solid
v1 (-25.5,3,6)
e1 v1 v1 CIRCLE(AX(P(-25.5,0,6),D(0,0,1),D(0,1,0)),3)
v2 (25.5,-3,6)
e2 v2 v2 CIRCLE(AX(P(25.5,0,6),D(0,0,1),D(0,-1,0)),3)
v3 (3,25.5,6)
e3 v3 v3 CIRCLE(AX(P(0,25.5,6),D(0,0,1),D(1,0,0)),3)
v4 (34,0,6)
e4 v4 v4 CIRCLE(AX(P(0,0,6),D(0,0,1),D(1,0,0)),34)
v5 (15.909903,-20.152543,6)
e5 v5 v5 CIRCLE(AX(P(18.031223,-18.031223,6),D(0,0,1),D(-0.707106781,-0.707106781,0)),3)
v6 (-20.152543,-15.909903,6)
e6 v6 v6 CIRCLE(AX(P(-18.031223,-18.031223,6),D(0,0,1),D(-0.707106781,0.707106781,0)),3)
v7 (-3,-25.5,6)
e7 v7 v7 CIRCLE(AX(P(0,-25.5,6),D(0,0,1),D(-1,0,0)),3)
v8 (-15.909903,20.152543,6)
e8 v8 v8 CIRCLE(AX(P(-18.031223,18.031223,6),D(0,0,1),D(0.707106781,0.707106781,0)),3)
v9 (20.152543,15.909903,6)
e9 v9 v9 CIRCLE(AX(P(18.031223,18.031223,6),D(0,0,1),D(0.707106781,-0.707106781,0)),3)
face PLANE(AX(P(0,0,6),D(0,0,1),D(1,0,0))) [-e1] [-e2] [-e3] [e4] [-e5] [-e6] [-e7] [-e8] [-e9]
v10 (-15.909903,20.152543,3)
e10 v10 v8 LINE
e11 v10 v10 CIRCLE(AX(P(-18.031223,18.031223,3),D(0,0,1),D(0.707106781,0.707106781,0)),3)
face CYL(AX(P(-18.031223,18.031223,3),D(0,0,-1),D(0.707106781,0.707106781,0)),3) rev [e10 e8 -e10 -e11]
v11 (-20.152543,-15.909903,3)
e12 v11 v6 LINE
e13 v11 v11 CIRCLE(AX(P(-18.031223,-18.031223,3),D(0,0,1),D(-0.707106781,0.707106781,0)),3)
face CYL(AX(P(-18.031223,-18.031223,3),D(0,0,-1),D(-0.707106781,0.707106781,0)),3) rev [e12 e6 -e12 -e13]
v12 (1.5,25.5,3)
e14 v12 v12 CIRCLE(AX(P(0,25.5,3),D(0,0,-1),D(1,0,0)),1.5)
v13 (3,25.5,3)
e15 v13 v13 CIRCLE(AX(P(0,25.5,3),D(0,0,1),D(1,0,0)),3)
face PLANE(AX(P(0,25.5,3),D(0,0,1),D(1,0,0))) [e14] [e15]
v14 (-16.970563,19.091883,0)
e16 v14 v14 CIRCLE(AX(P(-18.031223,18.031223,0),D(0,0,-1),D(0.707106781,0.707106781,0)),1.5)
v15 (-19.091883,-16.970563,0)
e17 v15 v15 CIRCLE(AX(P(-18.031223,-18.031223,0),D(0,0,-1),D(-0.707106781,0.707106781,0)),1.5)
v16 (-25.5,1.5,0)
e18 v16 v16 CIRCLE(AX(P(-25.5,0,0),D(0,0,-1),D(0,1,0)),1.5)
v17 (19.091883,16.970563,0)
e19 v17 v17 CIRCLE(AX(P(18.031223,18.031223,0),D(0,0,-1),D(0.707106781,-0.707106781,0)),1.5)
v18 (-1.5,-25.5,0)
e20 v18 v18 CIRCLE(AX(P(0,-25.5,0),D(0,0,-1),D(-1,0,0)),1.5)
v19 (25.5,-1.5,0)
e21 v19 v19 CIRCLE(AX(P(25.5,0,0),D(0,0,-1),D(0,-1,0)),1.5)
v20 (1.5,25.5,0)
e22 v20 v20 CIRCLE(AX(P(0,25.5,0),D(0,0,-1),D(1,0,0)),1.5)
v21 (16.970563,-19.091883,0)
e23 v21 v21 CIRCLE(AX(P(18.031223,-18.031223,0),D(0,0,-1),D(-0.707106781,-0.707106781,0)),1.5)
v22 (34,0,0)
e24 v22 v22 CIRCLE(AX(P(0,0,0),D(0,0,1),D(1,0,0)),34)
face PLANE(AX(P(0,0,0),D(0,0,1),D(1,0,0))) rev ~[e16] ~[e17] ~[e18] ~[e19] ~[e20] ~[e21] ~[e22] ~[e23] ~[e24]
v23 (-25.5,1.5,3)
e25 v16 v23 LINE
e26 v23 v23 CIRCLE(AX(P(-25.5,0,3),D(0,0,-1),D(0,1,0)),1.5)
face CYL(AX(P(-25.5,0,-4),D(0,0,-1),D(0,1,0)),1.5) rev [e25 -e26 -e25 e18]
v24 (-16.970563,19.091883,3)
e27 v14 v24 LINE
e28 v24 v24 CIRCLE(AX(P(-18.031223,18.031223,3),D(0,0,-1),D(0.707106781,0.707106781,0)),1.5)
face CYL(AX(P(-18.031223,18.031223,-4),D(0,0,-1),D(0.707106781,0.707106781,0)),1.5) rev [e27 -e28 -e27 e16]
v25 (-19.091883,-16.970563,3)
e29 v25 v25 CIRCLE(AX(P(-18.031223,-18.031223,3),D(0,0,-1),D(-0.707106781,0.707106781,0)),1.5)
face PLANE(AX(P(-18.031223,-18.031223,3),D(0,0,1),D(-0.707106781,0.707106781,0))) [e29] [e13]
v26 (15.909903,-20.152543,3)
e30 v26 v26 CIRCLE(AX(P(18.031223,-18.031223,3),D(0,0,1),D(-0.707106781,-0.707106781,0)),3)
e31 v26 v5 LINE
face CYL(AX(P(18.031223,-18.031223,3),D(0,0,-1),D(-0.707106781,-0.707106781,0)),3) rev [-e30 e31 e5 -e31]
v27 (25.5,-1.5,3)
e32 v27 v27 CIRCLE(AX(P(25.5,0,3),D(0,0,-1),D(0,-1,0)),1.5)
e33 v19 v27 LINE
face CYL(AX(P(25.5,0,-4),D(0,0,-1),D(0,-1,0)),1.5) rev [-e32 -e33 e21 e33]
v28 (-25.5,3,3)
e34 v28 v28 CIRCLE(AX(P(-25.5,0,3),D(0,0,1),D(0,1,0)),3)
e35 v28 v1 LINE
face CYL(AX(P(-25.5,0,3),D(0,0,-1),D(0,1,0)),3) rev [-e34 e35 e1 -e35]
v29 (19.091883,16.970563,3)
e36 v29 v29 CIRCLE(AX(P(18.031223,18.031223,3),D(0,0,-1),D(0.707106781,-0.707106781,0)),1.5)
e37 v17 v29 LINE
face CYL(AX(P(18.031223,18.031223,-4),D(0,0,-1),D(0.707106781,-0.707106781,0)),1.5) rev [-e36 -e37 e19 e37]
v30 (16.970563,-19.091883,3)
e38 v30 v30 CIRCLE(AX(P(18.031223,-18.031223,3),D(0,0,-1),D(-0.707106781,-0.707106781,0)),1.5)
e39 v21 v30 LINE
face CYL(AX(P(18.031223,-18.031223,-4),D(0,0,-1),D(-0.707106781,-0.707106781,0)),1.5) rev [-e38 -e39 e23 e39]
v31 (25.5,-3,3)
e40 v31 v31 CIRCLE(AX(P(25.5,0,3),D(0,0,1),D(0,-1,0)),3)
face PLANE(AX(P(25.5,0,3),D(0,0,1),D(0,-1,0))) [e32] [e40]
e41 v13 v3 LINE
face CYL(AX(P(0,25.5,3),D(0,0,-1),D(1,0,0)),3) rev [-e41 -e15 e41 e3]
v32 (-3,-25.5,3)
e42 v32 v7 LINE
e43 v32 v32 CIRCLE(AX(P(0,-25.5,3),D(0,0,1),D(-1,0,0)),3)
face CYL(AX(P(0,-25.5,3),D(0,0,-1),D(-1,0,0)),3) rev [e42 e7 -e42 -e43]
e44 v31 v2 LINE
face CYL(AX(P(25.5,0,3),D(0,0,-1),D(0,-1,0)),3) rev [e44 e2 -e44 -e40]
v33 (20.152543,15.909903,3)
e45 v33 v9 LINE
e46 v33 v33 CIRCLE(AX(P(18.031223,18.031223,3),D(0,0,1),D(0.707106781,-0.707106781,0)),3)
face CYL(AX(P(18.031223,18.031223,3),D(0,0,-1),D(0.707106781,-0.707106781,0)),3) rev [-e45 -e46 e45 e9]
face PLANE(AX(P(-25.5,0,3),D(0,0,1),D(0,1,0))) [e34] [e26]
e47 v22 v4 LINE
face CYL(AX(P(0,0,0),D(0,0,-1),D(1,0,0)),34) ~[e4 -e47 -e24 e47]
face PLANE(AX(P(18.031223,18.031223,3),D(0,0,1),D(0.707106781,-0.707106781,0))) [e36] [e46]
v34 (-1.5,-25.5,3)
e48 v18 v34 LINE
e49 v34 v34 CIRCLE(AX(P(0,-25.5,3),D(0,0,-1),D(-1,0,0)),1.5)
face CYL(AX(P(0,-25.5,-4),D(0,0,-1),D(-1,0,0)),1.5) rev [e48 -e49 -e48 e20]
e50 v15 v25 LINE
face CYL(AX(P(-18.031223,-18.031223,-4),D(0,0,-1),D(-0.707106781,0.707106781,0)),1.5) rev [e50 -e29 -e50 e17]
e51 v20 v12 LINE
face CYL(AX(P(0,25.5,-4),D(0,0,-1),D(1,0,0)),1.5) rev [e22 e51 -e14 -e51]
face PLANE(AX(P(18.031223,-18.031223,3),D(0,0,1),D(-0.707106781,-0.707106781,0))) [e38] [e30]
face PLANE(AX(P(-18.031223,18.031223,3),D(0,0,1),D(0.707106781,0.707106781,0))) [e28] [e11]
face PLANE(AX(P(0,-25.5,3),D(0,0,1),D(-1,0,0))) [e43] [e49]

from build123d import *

# Parameters (mm, degrees)
CYLINDER796_R                = 1.5
CYLINDER796_DEPTH            = 20
CYLINDER796_PLACEMENT_ANGLE  = 45
CYLINDER797_R                = 1.5
CYLINDER797_DEPTH            = 20
CYLINDER798_R                = 1.5
CYLINDER798_DEPTH            = 20
CYLINDER798_PLACEMENT_ANGLE  = 135
CYLINDER799_R                = 1.5
CYLINDER799_DEPTH            = 20
CYLINDER800_R                = 1.5
CYLINDER800_DEPTH            = 20
CYLINDER800_PLACEMENT_ANGLE  = 225
CYLINDER801_R                = 1.5
CYLINDER801_DEPTH            = 20
CYLINDER802_R                = 1.5
CYLINDER802_DEPTH            = 20
CYLINDER802_PLACEMENT_ANGLE  = 45
CYLINDER794_R                = 1.5
CYLINDER794_DEPTH            = 20
CYLINDER803_R                = 3
CYLINDER803_DEPTH            = 3
CYLINDER803_PLACEMENT_ANGLE  = 45
CYLINDER1815_R               = 3
CYLINDER1815_DEPTH           = 3
CYLINDER1814_R               = 3
CYLINDER1814_DEPTH           = 3
CYLINDER1814_PLACEMENT_ANGLE = 135
CYLINDER1806_R               = 3
CYLINDER1806_DEPTH           = 3
CYLINDER1810_R               = 3
CYLINDER1810_DEPTH           = 3
CYLINDER1810_PLACEMENT_ANGLE = 225
CYLINDER1807_R               = 3
CYLINDER1807_DEPTH           = 3
CYLINDER1808_R               = 3
CYLINDER1808_DEPTH           = 3
CYLINDER1808_PLACEMENT_ANGLE = 45
CYLINDER795_R                = 3
CYLINDER795_DEPTH            = 3
CYLINDER257_R                = 34
CYLINDER257_DEPTH            = 6


with BuildPart() as v_lec796:
    # Cylinder796 → Cylinder796 (new body)
    with BuildSketch(Plane.XY):
        Circle(CYLINDER796_R)
    extrude(amount=CYLINDER796_DEPTH)


with BuildPart() as v_lec796_1:
    # Cylinder796 placement: moved
    add(v_lec796.part.moved(Location((-18.031223, 18.031223, -4))).rotate(Axis((-18.031223, 18.031223, -4), (0, 0, 1)), CYLINDER796_PLACEMENT_ANGLE))


with BuildPart() as v_lec797:
    # Cylinder797 → Cylinder797 (new body)
    with BuildSketch(Plane(origin=(-25.5, 0, -4), x_dir=(0, 1, 0), z_dir=(0, 0, 1))):
        Circle(CYLINDER797_R)
    extrude(amount=CYLINDER797_DEPTH)


with BuildPart() as v_lec798:
    # Cylinder798 → Cylinder798 (new body)
    with BuildSketch(Plane.XY):
        Circle(CYLINDER798_R)
    extrude(amount=CYLINDER798_DEPTH)


with BuildPart() as v_lec798_1:
    # Cylinder798 placement: moved
    add(v_lec798.part.moved(Location((-18.031223, -18.031223, -4))).rotate(Axis((-18.031223, -18.031223, -4), (0, 0, 1)), CYLINDER798_PLACEMENT_ANGLE))


with BuildPart() as v_lec799:
    # Cylinder799 → Cylinder799 (new body)
    with BuildSketch(Plane(origin=(0, -25.5, -4), x_dir=(-1, 0, 0), z_dir=(0, 0, 1))):
        Circle(CYLINDER799_R)
    extrude(amount=CYLINDER799_DEPTH)


with BuildPart() as v_lec800:
    # Cylinder800 → Cylinder800 (new body)
    with BuildSketch(Plane.XY):
        Circle(CYLINDER800_R)
    extrude(amount=CYLINDER800_DEPTH)


with BuildPart() as v_lec800_1:
    # Cylinder800 placement: moved
    add(v_lec800.part.moved(Location((18.031223, -18.031223, -4))).rotate(Axis((18.031223, -18.031223, -4), (0, 0, 1)), CYLINDER800_PLACEMENT_ANGLE))


with BuildPart() as v_lec801:
    # Cylinder801 → Cylinder801 (new body)
    with BuildSketch(Plane(origin=(25.5, 0, -4), x_dir=(0, -1, 0), z_dir=(0, 0, 1))):
        Circle(CYLINDER801_R)
    extrude(amount=CYLINDER801_DEPTH)


with BuildPart() as v_lec802:
    # Cylinder802 → Cylinder802 (new body)
    with BuildSketch(Plane.XY):
        Circle(CYLINDER802_R)
    extrude(amount=CYLINDER802_DEPTH)


with BuildPart() as v_lec802_1:
    # Cylinder802 placement: moved
    add(v_lec802.part.moved(Location((18.031223, 18.031223, -4))).rotate(Axis((18.031223, 18.031223, -4), (0, 0, -1)), CYLINDER802_PLACEMENT_ANGLE))


with BuildPart() as compound003:
    # Cylinder794 → Cylinder794 (new body)
    with BuildSketch(Plane(origin=(0, 25.5, -4), x_dir=(1, 0, 0), z_dir=(0, 0, 1))):
        Circle(CYLINDER794_R)
    extrude(amount=CYLINDER794_DEPTH)

    # Compound003: union Válec796, Válec797, Válec798, Válec799, Válec800, Válec801, Válec802
    add(v_lec796_1.part)
    add(v_lec797.part)
    add(v_lec798_1.part)
    add(v_lec799.part)
    add(v_lec800_1.part)
    add(v_lec801.part)
    add(v_lec802_1.part)


with BuildPart() as v_lec803:
    # Cylinder803 → Cylinder803 (new body)
    with BuildSketch(Plane.XY):
        Circle(CYLINDER803_R)
    extrude(amount=CYLINDER803_DEPTH)


with BuildPart() as v_lec803_1:
    # Cylinder803 placement: moved
    add(v_lec803.part.moved(Location((-18.031223, 18.031223, 3))).rotate(Axis((-18.031223, 18.031223, 3), (0, 0, 1)), CYLINDER803_PLACEMENT_ANGLE))


with BuildPart() as v_lec1815:
    # Cylinder1815 → Cylinder1815 (new body)
    with BuildSketch(Plane(origin=(-25.5, 0, 3), x_dir=(0, 1, 0), z_dir=(0, 0, 1))):
        Circle(CYLINDER1815_R)
    extrude(amount=CYLINDER1815_DEPTH)


with BuildPart() as v_lec1814:
    # Cylinder1814 → Cylinder1814 (new body)
    with BuildSketch(Plane.XY):
        Circle(CYLINDER1814_R)
    extrude(amount=CYLINDER1814_DEPTH)


with BuildPart() as v_lec1814_1:
    # Cylinder1814 placement: moved
    add(v_lec1814.part.moved(Location((-18.031223, -18.031223, 3))).rotate(Axis((-18.031223, -18.031223, 3), (0, 0, 1)), CYLINDER1814_PLACEMENT_ANGLE))


with BuildPart() as v_lec1806:
    # Cylinder1806 → Cylinder1806 (new body)
    with BuildSketch(Plane(origin=(0, -25.5, 3), x_dir=(-1, 0, 0), z_dir=(0, 0, 1))):
        Circle(CYLINDER1806_R)
    extrude(amount=CYLINDER1806_DEPTH)


with BuildPart() as v_lec1810:
    # Cylinder1810 → Cylinder1810 (new body)
    with BuildSketch(Plane.XY):
        Circle(CYLINDER1810_R)
    extrude(amount=CYLINDER1810_DEPTH)


with BuildPart() as v_lec1810_1:
    # Cylinder1810 placement: moved
    add(v_lec1810.part.moved(Location((18.031223, -18.031223, 3))).rotate(Axis((18.031223, -18.031223, 3), (0, 0, 1)), CYLINDER1810_PLACEMENT_ANGLE))


with BuildPart() as v_lec1807:
    # Cylinder1807 → Cylinder1807 (new body)
    with BuildSketch(Plane(origin=(25.5, 0, 3), x_dir=(0, -1, 0), z_dir=(0, 0, 1))):
        Circle(CYLINDER1807_R)
    extrude(amount=CYLINDER1807_DEPTH)


with BuildPart() as v_lec1808:
    # Cylinder1808 → Cylinder1808 (new body)
    with BuildSketch(Plane.XY):
        Circle(CYLINDER1808_R)
    extrude(amount=CYLINDER1808_DEPTH)


with BuildPart() as v_lec1808_1:
    # Cylinder1808 placement: moved
    add(v_lec1808.part.moved(Location((18.031223, 18.031223, 3))).rotate(Axis((18.031223, 18.031223, 3), (0, 0, -1)), CYLINDER1808_PLACEMENT_ANGLE))


with BuildPart() as compound004:
    # Cylinder795 → Cylinder795 (new body)
    with BuildSketch(Plane(origin=(0, 25.5, 3), x_dir=(1, 0, 0), z_dir=(0, 0, 1))):
        Circle(CYLINDER795_R)
    extrude(amount=CYLINDER795_DEPTH)

    # Compound004: union Válec803, Válec1815, Válec1814, Válec1806, Válec1810, Válec1807, Válec1808
    add(v_lec803_1.part)
    add(v_lec1815.part)
    add(v_lec1814_1.part)
    add(v_lec1806.part)
    add(v_lec1810_1.part)
    add(v_lec1807.part)
    add(v_lec1808_1.part)


with BuildPart() as cut003:
    # Cylinder257 → Cylinder257 (new body)
    with BuildSketch(Plane.XY):
        Circle(CYLINDER257_R)
    extrude(amount=CYLINDER257_DEPTH)

    # Cut002: cut Compound004
    add(compound004.part, mode=Mode.SUBTRACT)

    # Cut003: cut Compound003
    add(compound003.part, mode=Mode.SUBTRACT)


solid = cut003.part
